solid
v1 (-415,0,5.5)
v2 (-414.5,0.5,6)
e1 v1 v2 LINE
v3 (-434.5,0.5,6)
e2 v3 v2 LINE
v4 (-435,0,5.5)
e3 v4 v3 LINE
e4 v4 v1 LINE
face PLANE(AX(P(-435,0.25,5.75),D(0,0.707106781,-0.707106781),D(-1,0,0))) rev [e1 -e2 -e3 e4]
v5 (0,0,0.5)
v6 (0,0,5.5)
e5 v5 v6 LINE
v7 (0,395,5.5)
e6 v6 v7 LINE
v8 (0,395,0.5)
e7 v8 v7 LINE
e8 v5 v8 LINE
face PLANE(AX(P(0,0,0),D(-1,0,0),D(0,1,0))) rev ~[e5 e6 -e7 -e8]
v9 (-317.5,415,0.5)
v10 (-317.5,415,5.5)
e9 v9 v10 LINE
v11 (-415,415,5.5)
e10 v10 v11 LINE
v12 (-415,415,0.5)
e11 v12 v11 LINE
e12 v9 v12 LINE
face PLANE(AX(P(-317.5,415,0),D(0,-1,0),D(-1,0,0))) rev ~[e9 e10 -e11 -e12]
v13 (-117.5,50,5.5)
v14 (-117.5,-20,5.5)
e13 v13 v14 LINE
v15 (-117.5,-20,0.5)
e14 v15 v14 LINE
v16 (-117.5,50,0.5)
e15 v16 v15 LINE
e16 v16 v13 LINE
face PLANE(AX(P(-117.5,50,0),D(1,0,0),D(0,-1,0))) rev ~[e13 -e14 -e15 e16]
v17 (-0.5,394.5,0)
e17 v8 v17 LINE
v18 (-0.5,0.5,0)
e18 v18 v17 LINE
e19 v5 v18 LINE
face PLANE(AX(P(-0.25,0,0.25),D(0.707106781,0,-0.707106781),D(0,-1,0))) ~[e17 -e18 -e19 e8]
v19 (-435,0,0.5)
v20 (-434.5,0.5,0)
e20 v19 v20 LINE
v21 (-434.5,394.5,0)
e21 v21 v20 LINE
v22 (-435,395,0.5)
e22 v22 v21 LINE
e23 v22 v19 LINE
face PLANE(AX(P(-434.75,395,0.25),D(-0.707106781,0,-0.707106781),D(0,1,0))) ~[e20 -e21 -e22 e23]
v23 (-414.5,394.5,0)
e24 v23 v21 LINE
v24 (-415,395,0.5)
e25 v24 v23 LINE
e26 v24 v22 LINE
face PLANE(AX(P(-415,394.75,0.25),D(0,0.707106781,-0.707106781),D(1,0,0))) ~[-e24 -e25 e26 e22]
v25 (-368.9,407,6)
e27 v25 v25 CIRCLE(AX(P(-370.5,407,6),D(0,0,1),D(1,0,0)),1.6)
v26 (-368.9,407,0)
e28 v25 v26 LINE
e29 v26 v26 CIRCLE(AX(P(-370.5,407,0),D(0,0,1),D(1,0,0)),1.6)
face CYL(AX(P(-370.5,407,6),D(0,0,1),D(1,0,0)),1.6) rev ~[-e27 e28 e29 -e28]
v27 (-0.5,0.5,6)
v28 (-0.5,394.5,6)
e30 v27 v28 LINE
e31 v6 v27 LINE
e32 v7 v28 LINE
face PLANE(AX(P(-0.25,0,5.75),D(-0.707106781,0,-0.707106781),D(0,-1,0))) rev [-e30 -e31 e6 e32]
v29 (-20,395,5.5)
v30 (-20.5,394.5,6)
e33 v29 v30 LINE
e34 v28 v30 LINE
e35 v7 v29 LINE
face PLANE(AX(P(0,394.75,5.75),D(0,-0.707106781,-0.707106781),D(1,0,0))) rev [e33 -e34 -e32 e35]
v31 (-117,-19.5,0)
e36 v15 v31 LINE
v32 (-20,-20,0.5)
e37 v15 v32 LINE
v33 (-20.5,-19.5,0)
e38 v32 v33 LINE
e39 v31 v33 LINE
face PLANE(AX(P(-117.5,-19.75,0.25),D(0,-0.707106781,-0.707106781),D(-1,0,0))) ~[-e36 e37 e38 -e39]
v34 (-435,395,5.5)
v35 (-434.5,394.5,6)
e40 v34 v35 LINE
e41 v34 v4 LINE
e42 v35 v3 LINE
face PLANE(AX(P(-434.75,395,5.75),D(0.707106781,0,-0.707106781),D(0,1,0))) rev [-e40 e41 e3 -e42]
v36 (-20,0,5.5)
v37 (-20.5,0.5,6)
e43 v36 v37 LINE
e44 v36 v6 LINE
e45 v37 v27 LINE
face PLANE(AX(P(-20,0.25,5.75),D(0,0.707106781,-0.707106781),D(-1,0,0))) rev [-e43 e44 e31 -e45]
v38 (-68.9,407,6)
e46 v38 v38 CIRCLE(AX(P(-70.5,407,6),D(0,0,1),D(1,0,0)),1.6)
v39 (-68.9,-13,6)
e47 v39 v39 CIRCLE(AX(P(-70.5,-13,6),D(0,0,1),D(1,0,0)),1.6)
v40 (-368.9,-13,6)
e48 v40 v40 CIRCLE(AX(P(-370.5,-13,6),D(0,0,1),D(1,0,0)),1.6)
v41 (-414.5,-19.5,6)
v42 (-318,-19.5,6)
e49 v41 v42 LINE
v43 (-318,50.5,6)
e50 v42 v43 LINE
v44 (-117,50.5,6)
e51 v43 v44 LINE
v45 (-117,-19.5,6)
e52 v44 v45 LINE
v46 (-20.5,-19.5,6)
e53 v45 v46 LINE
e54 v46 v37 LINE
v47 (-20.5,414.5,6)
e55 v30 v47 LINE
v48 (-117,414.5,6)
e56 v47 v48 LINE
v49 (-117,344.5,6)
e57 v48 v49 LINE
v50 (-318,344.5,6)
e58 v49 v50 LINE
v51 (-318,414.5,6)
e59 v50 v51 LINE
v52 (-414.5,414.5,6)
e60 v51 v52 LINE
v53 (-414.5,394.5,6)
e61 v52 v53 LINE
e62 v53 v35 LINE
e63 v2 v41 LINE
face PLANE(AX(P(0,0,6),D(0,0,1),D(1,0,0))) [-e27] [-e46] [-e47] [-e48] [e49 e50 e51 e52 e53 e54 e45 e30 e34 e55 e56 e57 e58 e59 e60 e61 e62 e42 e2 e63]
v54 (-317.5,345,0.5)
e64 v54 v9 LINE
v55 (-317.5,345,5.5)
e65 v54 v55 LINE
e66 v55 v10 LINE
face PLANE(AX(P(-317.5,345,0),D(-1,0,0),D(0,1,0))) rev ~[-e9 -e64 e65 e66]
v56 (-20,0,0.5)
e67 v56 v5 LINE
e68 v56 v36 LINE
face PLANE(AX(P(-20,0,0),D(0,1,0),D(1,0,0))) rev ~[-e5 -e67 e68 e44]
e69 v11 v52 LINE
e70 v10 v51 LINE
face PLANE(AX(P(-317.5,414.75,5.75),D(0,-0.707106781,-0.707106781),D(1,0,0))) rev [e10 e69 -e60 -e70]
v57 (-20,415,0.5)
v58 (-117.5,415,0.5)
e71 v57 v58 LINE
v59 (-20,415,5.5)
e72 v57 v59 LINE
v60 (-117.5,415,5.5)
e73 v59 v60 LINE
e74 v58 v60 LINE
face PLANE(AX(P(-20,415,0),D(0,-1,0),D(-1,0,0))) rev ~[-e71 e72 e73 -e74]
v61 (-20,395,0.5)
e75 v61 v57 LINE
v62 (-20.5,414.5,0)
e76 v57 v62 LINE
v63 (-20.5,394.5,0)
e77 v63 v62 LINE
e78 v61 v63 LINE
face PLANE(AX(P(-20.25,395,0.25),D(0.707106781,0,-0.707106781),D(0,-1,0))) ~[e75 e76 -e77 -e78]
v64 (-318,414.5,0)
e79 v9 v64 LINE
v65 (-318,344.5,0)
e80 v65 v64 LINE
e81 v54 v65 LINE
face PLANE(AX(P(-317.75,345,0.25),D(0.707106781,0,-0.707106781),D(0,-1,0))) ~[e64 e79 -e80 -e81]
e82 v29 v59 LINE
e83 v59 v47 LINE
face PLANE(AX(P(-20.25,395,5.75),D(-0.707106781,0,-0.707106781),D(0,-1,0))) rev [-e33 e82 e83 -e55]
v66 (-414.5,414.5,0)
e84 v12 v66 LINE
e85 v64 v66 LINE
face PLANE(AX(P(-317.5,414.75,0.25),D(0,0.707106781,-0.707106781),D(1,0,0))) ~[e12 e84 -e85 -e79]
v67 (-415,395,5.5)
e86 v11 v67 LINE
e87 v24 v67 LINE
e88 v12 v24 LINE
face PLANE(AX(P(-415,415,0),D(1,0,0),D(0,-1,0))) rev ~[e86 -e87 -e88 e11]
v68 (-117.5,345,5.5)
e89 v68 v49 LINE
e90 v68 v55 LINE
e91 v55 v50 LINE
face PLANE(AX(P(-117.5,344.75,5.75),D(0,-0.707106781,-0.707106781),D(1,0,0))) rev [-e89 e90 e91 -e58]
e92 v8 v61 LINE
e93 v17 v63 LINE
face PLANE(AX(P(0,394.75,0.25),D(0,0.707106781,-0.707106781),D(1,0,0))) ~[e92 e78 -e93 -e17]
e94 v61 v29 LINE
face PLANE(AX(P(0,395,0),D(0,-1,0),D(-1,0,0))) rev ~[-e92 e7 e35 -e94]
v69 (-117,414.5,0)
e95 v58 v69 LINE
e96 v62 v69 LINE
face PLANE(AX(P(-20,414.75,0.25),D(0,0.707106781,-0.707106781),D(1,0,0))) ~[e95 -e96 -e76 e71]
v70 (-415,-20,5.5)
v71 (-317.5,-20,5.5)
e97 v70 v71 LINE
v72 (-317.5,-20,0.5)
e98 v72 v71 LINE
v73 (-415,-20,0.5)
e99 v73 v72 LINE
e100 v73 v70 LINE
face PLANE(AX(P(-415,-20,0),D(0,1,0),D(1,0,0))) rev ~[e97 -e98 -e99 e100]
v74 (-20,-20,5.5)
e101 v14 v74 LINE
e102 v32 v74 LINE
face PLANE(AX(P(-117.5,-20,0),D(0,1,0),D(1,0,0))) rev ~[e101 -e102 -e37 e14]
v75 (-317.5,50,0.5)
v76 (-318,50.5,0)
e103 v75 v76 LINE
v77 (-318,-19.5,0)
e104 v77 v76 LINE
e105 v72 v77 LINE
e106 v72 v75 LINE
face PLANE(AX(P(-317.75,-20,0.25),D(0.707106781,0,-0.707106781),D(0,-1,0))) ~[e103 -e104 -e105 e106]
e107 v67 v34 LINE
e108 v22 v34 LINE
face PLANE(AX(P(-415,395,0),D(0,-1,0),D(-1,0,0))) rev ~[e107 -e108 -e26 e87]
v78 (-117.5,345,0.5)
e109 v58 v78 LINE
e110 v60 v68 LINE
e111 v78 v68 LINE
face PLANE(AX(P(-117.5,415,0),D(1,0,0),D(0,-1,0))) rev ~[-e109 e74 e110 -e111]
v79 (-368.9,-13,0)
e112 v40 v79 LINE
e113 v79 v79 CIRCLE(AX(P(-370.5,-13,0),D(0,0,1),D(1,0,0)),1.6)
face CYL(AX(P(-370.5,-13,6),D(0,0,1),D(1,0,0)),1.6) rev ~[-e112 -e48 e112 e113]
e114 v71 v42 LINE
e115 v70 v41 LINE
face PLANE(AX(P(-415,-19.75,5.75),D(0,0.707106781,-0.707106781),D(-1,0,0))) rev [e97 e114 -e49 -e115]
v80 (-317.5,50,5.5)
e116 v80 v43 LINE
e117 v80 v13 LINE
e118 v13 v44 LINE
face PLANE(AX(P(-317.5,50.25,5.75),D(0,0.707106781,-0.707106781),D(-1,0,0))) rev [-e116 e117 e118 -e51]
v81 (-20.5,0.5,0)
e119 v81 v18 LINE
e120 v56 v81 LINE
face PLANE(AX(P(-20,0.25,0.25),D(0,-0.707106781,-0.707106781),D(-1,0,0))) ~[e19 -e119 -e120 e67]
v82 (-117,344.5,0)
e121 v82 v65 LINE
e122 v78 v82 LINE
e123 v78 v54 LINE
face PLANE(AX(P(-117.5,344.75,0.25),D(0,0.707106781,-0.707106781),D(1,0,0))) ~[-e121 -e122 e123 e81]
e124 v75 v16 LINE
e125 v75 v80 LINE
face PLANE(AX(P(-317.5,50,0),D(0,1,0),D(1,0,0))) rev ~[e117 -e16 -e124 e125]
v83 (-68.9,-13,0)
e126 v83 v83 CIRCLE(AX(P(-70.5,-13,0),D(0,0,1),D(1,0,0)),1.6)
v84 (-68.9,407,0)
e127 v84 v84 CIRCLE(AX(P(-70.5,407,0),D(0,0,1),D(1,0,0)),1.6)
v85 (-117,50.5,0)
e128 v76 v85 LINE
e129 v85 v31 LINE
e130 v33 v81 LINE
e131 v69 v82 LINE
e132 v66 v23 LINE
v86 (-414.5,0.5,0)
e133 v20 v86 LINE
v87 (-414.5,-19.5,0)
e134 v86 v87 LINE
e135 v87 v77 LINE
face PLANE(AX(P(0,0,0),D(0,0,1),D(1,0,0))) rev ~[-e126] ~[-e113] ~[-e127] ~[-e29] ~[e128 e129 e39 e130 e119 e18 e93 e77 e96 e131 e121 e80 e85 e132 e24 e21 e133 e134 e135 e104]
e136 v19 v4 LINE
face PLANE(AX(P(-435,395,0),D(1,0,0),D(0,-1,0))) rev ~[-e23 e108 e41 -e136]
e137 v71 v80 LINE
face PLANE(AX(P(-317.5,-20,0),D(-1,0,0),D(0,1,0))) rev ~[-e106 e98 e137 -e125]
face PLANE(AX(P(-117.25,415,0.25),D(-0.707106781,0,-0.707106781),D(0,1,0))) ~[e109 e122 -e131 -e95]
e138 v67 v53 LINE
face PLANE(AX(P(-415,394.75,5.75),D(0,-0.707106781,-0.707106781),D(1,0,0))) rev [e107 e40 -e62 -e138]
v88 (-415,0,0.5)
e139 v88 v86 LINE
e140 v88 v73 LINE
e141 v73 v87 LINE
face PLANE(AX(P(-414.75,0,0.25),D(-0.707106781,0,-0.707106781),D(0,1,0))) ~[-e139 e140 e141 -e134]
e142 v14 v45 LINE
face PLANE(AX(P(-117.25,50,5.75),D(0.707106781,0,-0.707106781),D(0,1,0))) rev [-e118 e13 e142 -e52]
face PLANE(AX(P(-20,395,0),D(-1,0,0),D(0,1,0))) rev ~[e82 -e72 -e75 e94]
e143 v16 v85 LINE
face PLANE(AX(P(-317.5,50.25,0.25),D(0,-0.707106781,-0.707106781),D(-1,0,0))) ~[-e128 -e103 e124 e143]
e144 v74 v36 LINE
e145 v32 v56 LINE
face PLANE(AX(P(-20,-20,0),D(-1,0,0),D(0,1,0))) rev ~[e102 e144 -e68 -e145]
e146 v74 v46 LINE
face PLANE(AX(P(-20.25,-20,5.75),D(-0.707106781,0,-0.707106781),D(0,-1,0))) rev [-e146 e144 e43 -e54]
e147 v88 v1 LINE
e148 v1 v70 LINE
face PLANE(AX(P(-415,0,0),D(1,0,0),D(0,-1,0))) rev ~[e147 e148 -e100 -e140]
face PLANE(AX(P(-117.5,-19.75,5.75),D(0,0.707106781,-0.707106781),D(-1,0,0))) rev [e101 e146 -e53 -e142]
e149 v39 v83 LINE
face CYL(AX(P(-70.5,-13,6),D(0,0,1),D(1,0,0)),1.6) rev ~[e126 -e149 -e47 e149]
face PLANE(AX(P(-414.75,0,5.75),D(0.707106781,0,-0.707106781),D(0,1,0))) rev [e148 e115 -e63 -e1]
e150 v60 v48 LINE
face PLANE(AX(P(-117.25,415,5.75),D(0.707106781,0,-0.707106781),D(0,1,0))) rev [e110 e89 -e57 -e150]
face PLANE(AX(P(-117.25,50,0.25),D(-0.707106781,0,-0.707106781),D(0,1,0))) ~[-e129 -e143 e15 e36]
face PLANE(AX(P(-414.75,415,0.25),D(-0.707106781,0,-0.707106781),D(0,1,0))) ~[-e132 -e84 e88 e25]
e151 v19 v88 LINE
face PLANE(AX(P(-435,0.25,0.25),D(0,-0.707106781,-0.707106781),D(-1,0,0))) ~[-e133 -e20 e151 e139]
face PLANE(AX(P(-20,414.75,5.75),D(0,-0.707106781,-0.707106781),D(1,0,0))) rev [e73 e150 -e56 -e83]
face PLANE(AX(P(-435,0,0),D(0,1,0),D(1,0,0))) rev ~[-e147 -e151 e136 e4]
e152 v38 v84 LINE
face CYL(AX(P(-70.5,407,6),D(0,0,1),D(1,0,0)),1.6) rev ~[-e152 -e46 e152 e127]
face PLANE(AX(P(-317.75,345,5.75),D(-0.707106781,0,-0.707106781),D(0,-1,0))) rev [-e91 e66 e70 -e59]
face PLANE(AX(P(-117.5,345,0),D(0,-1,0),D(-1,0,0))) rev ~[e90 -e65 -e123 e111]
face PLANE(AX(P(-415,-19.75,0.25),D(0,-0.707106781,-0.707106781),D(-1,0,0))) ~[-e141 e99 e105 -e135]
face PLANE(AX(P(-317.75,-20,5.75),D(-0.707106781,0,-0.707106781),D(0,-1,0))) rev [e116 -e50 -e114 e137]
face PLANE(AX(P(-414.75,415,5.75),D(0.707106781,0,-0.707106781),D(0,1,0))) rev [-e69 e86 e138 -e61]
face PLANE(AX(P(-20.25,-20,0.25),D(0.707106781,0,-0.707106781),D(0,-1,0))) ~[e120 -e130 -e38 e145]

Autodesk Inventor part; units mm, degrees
ref_plane "YZ Plane" through (0, 0, 0) normal (1, 0, 0) x (0, 1, 0)
ref_plane "XZ Plane" through (0, 0, 0) normal (0, 1, 0) x (-1, 0, 0)
ref_plane "XY Plane" through (0, 0, 0) normal (0, 0, 1) x (1, 0, 0)
sketch "Skizze1" plane through (0, 0, 0) normal (0, 0, 1) x (1, 0, 0)
  line L0 (0, 0) -> (0, 395)
  line L1 (0, 395) -> (-20, 395)
  line L2 (-20, 395) -> (-20, 415)
  line L3 (-20, 415) -> (-117.5, 415)
  line L4 (-117.5, 415) -> (-117.5, 345)
  line L5 (-117.5, 345) -> (-317.5, 345)
  line L6 (-317.5, 345) -> (-317.5, 415)
  line L7 (-317.5, 415) -> (-415, 415)
  line L8 (-415, 415) -> (-415, 395)
  line L9 (-415, 395) -> (-435, 395)
  line L10 (-435, 395) -> (-435, 0)
  line L11 (-435, 0) -> (-415, 0)
  line L12 (-415, 0) -> (-415, -20)
  line L13 (-415, 0) -> (-395, 0) construction
  line L14 (-415, -20) -> (-317.5, -20)
  line L15 (-317.5, -20) -> (-317.5, 50)
  line L16 (-317.5, 50) -> (-117.5, 50)
  line L17 (-117.5, 50) -> (-117.5, -20)
  line L18 (-117.5, -20) -> (-20, -20)
  line L19 (-20, -20) -> (-20, 0)
  line L20 (-20, 0) -> (0, 0)
  dimension "d0" = 395
  dimension "d1" = 20
  dimension "d2" = 20
  dimension "d3" = 97.5
  dimension "d4" = 90
  dimension "d5" = 70
  dimension "d6" = 90
  dimension "d7" = 200
  dimension "d8" = 70
  dimension "d9" = 90
  dimension "d10" = 97.5
  dimension "d11" = 20
  dimension "d12" = 90
  dimension "d13" = 20
  dimension "d14" = 90
  dimension "d15" = 395
  dimension "d16" = 90
  dimension "d17" = 20
  dimension "d18" = 20
  dimension "d19" = 90
  dimension "d20" = 70
  dimension "d21" = 90
extrude "Extrusion1" add sketch "Skizze1" along normal blind 6
chamfer "Fase1" distance 0.5 angle 45 40 edges at (0, 197.5, 6) (-10, 0, 6) (-20, -10, 6) (-68.75, -20, 6) (-117.5, 15, 6) (-217.5, 50, 6) (-317.5, 15, 6) (-366.25, -20, 6) (-415, -10, 6) (-425, 0, 6) (-435, 197.5, 6) (-425, 395, 6) (-366.25, 415, 6) (-415, 405, 6) (-317.5, 380, 6) (-217.5, 345, 6) (-117.5, 380, 6) (-68.75, 415, 6) (-20, 405, 6) (-10, 395, 6) (-425, 0, 0) (-415, -10, 0) (-435, 197.5, 0) (-366.25, -20, 0) (-217.5, 50, 0) (-317.5, 15, 0) (-117.5, 15, 0) (-68.75, -20, 0) (-20, -10, 0) (-10, 0, 0) (0, 197.5, 0) (-10, 395, 0) (-20, 405, 0) (-68.75, 415, 0) (-117.5, 380, 0) (-217.5, 345, 0) (-317.5, 380, 0) (-425, 395, 0) (-415, 405, 0) (-366.25, 415, 0)
sketch "Skizze2" plane through (0, 0, 6) normal (0, 0, 1) x (1, 0, 0)
  circle A0 centre (-70.5, 407) radius 1.6
  line L0 (-117, 414.5) -> (-20.5, 414.5) projected
  line L1 (-20.5, 414.5) -> (-20.5, 394.5) projected
  circle A1 centre (-370.5, 407) radius 1.6
  circle A2 centre (-70.5, -13) radius 1.6
  circle A3 centre (-370.5, -13) radius 1.6
  point P0 (0, 0)
  dimension "d27" = 3.2
  dimension "d28" = 7.5
  dimension "d29" = 50
  dimension "d32" = 300
  dimension "d35" = 420
extrude "Extrusion2" cut sketch "Skizze2" against normal through all
properties part number "middle plate" material "Birke"
